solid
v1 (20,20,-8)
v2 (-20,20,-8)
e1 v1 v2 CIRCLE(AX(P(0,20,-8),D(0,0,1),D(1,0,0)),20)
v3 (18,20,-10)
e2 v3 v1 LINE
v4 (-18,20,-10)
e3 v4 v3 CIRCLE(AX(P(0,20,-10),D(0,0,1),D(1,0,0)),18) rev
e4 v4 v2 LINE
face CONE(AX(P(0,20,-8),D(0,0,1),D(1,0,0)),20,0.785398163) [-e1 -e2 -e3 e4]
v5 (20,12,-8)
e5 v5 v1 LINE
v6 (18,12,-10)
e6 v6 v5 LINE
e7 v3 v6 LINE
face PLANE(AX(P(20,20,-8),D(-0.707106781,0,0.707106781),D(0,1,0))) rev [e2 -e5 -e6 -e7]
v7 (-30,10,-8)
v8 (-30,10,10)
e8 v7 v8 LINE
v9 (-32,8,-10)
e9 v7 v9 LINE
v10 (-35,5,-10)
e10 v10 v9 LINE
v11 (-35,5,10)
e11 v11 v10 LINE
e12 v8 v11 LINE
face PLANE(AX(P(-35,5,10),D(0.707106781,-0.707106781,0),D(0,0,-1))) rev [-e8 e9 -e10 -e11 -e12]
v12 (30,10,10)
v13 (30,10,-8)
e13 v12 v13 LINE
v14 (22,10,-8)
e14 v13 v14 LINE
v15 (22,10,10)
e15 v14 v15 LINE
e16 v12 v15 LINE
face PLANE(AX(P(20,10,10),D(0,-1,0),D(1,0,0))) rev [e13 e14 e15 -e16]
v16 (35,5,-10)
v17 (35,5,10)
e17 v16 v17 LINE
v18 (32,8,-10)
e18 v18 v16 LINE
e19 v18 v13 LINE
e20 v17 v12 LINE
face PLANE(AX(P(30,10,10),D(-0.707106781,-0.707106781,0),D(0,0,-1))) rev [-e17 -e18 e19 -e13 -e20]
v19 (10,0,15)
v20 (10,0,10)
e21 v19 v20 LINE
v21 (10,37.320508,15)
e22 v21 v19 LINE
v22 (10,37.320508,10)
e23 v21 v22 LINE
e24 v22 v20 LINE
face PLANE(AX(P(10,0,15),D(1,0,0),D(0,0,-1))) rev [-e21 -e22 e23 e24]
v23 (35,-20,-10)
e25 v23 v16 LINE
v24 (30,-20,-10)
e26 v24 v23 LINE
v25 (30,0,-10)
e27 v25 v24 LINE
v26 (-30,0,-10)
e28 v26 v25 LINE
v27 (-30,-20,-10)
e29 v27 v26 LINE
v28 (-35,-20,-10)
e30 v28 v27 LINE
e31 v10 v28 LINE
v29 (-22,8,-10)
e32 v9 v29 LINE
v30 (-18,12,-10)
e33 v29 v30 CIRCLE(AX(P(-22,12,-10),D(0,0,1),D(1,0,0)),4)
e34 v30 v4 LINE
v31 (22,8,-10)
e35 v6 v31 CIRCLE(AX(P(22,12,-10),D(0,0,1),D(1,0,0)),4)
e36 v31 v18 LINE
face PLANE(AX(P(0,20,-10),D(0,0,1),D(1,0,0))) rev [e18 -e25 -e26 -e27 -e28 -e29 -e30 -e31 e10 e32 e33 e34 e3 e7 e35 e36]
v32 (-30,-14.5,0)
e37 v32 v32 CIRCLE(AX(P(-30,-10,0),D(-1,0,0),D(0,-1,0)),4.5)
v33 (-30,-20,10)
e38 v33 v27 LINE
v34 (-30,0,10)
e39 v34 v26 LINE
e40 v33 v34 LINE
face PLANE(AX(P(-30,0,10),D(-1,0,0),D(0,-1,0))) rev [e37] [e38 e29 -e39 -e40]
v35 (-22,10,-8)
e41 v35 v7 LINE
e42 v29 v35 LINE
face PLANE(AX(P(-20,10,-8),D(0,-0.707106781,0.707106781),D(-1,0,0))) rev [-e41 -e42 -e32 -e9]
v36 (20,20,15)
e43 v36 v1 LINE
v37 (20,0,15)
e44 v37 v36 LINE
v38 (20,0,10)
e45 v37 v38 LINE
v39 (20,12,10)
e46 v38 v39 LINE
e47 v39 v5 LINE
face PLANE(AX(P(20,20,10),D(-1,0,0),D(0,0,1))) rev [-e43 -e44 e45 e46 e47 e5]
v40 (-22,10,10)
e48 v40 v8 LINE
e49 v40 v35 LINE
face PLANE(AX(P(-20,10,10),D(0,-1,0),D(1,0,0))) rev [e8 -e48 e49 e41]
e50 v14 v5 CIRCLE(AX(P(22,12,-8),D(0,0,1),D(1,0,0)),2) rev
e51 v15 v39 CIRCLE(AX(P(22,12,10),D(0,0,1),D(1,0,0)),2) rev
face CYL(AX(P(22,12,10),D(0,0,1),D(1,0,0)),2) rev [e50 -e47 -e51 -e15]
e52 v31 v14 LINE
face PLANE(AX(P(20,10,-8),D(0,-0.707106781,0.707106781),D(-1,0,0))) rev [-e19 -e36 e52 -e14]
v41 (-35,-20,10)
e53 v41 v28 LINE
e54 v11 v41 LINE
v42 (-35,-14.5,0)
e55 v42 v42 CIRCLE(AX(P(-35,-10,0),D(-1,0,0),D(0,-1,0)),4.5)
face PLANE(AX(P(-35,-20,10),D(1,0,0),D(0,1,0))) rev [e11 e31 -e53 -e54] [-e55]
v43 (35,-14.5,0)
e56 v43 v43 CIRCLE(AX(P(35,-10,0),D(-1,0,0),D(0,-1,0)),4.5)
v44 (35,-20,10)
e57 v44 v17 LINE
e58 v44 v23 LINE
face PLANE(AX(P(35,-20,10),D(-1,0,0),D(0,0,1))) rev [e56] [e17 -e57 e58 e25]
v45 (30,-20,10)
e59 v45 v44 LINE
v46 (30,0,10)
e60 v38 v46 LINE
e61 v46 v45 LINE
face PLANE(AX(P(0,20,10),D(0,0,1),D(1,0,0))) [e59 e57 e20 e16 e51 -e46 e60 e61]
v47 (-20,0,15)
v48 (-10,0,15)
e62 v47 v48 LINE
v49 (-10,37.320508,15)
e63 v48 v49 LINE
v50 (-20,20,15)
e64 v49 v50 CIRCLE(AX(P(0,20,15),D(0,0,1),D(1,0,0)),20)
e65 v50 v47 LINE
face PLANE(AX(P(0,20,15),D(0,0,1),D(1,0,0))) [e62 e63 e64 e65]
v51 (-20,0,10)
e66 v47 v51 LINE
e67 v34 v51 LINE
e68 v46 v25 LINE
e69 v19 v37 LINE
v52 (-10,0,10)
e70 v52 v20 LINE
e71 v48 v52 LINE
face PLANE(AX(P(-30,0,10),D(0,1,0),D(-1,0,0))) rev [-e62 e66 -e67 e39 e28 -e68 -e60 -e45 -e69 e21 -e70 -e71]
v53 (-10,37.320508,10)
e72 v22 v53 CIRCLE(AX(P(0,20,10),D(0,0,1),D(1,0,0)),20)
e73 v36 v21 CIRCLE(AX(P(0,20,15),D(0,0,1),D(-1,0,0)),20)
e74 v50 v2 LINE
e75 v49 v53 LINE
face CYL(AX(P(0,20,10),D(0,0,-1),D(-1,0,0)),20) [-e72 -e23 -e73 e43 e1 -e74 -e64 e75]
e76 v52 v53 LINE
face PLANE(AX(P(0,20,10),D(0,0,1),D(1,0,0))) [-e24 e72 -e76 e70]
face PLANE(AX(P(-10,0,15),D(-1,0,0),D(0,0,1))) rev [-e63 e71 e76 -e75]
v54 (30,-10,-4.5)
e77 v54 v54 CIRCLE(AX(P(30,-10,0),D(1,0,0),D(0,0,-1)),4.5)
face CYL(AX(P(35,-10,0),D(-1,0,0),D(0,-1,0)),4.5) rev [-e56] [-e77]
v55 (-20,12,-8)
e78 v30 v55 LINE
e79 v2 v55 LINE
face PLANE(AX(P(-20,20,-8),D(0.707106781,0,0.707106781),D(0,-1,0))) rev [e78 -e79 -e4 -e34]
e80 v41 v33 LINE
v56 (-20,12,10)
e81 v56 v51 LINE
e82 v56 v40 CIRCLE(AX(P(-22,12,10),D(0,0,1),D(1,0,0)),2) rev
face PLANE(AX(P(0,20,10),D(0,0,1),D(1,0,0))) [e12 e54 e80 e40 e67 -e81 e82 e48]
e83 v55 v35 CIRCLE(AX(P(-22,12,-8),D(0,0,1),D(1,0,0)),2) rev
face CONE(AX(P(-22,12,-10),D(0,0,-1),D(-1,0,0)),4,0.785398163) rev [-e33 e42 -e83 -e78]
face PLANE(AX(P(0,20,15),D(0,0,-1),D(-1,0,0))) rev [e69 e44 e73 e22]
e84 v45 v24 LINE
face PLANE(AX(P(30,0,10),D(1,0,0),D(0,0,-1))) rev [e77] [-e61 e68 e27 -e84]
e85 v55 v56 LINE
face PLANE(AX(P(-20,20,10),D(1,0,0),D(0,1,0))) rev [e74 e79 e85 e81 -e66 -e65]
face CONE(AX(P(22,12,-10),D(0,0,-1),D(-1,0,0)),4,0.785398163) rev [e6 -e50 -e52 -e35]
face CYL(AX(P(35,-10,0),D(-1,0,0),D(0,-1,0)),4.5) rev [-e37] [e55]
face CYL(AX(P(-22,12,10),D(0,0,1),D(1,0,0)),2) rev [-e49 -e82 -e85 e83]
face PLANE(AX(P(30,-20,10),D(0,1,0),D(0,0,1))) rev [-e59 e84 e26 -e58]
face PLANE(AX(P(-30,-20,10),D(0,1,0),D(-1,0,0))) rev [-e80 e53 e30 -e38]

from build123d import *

# Parameters (mm, degrees)
EXTRUDE_1_DEPTH     = 10
SKETCH_2_R          = 4.5
CUT_EXTRUDE_1_DEPTH = 71
CHAMFER_3_SIZE      = 5
FILLET_2_R          = 2
CHAMFER_5_SIZE      = 2
EXTRUDE_2_DEPTH     = 5


with BuildPart() as part:
    # 草图1 → 凸台-拉伸1 (new body, symmetric)
    with BuildSketch(Plane.XY):
        with BuildLine():
            Line((-30, 0), (30, 0))
            Line((30, 0), (30, -20))
            Line((30, -20), (35, -20))
            Line((35, -20), (35, 10))
            Line((35, 10), (20, 10))
            Line((20, 10), (20, 20))
            ThreePointArc((20, 20), (0, 40), (-20, 20))
            Line((-20, 20), (-20, 10))
            Line((-20, 10), (-35, 10))
            Line((-35, 10), (-35, -20))
            Line((-35, -20), (-30, -20))
            Line((-30, -20), (-30, 0))
        make_face()
    extrude(amount=EXTRUDE_1_DEPTH, both=True)

    # 草图2 → 切除-拉伸1 (cut, through all)
    with BuildSketch(Plane.ZY.offset(35)):
        with Locations((0, -10)):
            Circle(SKETCH_2_R)
    extrude(amount=-CUT_EXTRUDE_1_DEPTH, mode=Mode.SUBTRACT)

    # 倒角3
    chamfer_3_edges = [part.edges().sort_by_distance(p)[0] for p in [
        (35, 10, 0),
        (-35, 10, 0),
    ]]
    chamfer(chamfer_3_edges, length=CHAMFER_3_SIZE)

    # 圆角2
    fillet_2_edges = [part.edges().sort_by_distance(p)[0] for p in [
        (-20, 10, 0),
        (20, 10, 0),
    ]]
    fillet(fillet_2_edges, radius=FILLET_2_R)

    # 倒角5
    chamfer_5_edges = [part.edges().sort_by_distance(p)[0] for p in [
        (-20, 16, -10),
        (0, 40, -10),
        (26, 10, -10),
        (-26, 10, -10),
        (20, 16, -10),
        (-20.585786438, 10.585786438, -10),
        (20.585786438, 10.585786438, -10),
    ]]
    chamfer(chamfer_5_edges, length=CHAMFER_5_SIZE)

    # 草图3 → 凸台-拉伸2 (add)
    with BuildSketch(Plane.XY.offset(10)):
        with BuildLine():
            Line((20, 0), (10, 0))
            Line((10, 0), (10, 37.320508076))
            ThreePointArc((10, 37.320508076), (17.320508076, 30), (20, 20))
            Line((20, 20), (20, 0))
        make_face()
        with BuildLine():
            Line((-10, 0), (-10, 37.320508076))
            ThreePointArc((-10, 37.320508076), (-17.320508076, 30), (-20, 20))
            Line((-20, 20), (-20, 0))
            Line((-20, 0), (-10, 0))
        make_face()
    extrude(amount=EXTRUDE_2_DEPTH)


solid = part.part
